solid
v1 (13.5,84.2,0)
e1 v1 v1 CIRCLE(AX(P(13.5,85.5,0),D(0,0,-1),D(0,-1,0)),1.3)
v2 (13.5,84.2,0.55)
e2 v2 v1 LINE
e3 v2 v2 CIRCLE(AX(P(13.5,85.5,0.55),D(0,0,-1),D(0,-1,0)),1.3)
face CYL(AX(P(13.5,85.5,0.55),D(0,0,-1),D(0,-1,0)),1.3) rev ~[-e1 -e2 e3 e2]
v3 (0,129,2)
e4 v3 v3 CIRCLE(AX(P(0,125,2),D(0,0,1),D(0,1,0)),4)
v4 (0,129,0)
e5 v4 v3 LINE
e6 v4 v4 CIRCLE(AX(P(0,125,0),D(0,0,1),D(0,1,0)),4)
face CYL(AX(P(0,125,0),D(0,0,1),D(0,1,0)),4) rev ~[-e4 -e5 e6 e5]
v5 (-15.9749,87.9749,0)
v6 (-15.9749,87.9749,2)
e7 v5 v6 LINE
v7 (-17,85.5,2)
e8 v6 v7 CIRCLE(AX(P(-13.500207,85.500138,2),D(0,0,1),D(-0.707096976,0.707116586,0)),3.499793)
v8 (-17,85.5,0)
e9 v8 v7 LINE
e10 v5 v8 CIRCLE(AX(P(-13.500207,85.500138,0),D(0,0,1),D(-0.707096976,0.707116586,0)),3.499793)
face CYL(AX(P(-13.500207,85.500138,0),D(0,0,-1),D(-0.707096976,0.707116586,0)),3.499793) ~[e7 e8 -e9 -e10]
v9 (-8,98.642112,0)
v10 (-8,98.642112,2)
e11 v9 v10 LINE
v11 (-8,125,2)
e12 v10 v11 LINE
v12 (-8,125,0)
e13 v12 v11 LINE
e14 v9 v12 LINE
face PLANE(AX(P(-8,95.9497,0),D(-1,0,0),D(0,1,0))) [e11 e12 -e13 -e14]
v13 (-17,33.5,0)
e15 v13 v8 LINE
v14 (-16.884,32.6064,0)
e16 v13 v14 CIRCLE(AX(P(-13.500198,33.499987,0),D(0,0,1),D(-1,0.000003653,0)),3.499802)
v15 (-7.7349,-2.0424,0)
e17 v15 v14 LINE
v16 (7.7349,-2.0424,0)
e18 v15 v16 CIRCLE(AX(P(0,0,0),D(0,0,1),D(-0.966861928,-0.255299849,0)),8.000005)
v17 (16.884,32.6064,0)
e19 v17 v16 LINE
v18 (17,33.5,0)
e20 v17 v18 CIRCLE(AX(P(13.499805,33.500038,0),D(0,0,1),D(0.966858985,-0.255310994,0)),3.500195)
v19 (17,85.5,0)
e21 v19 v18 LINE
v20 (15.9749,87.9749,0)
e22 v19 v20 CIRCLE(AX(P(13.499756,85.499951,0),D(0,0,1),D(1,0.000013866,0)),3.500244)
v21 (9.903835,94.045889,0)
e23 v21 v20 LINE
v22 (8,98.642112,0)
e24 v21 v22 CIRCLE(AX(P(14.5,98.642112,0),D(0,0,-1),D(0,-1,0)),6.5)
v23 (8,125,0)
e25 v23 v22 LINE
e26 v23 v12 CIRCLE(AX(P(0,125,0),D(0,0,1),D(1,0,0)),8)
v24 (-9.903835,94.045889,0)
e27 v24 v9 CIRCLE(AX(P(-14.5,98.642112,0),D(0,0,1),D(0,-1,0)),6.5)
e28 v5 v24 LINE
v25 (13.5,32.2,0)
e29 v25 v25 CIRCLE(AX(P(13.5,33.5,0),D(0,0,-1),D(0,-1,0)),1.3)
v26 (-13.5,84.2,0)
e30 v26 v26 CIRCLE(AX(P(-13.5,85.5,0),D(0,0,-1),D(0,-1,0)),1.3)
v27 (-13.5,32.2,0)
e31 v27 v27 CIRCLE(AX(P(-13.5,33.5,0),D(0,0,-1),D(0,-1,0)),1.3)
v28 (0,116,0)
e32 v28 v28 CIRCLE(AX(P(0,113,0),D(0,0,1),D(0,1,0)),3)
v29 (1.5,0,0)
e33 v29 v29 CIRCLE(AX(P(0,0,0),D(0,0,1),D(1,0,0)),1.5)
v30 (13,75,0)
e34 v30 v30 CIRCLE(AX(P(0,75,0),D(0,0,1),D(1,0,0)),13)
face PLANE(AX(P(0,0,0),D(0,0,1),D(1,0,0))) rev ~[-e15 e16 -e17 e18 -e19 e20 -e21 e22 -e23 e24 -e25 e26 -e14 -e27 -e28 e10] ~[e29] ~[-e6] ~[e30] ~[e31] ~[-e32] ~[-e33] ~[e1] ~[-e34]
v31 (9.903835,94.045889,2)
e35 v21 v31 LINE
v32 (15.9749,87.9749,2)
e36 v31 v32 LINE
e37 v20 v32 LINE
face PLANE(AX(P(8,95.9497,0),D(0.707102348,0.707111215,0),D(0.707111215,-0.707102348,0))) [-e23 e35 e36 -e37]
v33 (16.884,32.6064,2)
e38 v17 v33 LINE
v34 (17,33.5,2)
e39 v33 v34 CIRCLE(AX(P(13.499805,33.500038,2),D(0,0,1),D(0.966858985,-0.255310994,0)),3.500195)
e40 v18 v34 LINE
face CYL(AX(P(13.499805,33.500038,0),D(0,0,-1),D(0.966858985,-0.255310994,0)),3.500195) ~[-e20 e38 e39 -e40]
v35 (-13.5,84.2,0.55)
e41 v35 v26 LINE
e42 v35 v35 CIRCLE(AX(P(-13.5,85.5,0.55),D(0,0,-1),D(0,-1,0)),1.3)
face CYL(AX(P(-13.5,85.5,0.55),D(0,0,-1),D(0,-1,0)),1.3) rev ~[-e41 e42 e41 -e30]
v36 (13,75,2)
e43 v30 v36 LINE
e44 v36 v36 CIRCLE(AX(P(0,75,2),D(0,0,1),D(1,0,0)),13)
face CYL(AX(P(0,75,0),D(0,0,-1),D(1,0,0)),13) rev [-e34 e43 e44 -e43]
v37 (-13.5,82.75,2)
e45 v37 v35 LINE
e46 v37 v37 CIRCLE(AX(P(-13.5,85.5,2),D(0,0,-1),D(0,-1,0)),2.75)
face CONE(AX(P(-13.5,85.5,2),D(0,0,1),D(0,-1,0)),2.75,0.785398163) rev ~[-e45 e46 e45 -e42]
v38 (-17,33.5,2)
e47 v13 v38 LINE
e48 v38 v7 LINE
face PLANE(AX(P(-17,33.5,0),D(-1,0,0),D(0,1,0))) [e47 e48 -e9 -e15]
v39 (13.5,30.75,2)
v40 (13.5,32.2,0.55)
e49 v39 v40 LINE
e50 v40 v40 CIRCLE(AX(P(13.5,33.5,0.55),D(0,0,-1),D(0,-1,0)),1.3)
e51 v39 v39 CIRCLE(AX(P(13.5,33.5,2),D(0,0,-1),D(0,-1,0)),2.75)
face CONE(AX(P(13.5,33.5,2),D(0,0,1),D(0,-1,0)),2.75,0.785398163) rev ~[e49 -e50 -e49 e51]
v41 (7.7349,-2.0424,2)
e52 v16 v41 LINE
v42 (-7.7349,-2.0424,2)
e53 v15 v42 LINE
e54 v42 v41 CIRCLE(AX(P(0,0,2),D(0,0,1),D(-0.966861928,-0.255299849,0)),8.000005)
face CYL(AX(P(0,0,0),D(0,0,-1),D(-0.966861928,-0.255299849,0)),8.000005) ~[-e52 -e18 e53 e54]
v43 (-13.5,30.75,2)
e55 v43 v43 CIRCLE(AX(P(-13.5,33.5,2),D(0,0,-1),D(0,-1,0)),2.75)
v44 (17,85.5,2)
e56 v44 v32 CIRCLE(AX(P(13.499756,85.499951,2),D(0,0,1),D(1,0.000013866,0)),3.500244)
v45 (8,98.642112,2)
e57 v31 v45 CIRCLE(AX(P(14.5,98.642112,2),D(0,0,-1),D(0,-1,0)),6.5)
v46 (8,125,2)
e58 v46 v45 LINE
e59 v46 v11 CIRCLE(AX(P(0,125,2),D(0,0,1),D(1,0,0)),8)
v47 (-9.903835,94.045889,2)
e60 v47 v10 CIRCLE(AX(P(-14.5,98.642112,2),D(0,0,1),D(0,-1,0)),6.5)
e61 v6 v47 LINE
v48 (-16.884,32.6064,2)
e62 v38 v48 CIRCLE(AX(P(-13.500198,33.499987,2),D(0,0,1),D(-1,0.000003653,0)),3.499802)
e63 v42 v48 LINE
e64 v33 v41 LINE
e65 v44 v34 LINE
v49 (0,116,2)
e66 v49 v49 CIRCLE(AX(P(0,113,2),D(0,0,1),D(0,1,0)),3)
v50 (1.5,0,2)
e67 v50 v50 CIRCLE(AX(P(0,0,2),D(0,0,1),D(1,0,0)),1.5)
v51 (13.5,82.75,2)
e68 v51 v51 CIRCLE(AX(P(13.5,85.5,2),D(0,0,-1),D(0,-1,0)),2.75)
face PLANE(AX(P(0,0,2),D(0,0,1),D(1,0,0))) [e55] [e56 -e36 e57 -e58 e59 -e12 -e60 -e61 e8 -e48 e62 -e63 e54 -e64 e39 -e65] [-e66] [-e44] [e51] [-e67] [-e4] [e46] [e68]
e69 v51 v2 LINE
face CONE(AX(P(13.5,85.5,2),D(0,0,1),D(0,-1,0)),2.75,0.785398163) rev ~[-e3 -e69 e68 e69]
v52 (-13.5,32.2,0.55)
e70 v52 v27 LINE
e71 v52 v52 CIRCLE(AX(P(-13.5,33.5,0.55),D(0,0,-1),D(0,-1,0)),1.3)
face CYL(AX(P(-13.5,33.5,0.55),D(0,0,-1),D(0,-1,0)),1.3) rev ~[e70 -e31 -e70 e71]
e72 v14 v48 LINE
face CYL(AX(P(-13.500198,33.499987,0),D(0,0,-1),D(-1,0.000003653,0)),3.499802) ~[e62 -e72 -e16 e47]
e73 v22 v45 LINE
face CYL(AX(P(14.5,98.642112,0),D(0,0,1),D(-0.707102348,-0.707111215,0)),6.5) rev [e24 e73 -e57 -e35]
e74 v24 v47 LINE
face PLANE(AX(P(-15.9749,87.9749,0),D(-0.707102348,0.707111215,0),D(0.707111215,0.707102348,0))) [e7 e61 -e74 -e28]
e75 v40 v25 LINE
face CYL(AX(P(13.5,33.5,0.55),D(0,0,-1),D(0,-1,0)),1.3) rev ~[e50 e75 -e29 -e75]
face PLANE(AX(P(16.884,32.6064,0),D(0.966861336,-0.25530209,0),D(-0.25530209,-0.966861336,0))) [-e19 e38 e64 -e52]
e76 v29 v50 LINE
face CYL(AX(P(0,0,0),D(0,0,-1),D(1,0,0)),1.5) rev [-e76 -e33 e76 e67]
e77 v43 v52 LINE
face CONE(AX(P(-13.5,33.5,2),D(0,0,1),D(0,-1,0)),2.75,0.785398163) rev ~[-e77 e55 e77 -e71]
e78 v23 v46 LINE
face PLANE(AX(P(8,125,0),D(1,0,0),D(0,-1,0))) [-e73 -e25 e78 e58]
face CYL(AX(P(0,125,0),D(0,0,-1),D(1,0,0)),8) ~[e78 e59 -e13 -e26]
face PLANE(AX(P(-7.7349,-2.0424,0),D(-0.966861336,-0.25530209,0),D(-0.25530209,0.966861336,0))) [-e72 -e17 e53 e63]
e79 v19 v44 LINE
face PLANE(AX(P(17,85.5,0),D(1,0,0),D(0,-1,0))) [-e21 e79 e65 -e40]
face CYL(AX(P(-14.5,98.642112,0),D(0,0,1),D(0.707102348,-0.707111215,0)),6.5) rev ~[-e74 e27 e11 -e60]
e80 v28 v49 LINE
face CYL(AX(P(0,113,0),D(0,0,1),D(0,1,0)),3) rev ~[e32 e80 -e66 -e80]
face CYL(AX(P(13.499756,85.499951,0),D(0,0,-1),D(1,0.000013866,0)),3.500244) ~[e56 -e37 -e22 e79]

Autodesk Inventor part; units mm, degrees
ref_plane "YZ Plane" through (0, 0, 0) normal (1, 0, 0) x (0, 1, 0)
ref_plane "XZ Plane" through (0, 0, 0) normal (0, 1, 0) x (-1, 0, 0)
ref_plane "XY Plane" through (0, 0, 0) normal (0, 0, 1) x (1, 0, 0)
sketch "スケッチ1" plane through (0, 0, 0) normal (0, 0, 1) x (1, 0, 0)
  circle A0 centre (0, 0) radius 1.5
  circle A1 centre (13.5, 33.5) radius 1.25 construction
  circle A2 centre (13.5, 85.5) radius 1.25 construction
  circle A3 centre (-13.5, 85.5) radius 1.25 construction
  circle A4 centre (-13.5, 33.5) radius 1.25 construction
  circle A5 centre (0, 75) radius 1.5 construction
  circle A6 centre (0, 75) radius 13
  line L0 (16.884, 32.6064) -> (7.7349, -2.0424)
  line L1 (-7.7349, -2.0424) -> (-16.884, 32.6064)
  line L2 (-17, 33.5) -> (-17, 85.5)
  line L3 (-15.9749, 87.9749) -> (-8, 95.9497)
  line L4 (-8, 95.9497) -> (-8, 125)
  line L5 (8, 125) -> (8, 95.9497)
  line L6 (8, 95.9497) -> (15.9749, 87.9749)
  line L7 (17, 85.5) -> (17, 33.5)
  arc A7 (16.884, 32.6064) -> (17, 33.5) centre (13.5, 33.5) ccw
  arc A8 (17, 85.5) -> (15.9749, 87.9749) centre (13.5, 85.5) ccw
  arc A9 (-15.9749, 87.9749) -> (-17, 85.5) centre (-13.5, 85.5) ccw
  arc A10 (-17, 33.5) -> (-16.884, 32.6064) centre (-13.5, 33.5) ccw
  arc A11 (-7.7349, -2.0424) -> (7.7349, -2.0424) centre (0, 0) ccw
  line L8 (0, 0) -> (0, 152.1421) construction
  arc A12 (8, 125) -> (-8, 125) centre (0, 125) ccw
  point P0 (0, 113)
  dimension "d2" = 3
  dimension "d3" = 26
  dimension "d4" = 3.5
  dimension "d5" = 8
  dimension "d6" = 125
  dimension "d7" = 16
  dimension "d8" = 45
  dimension "d9" = 45
  dimension "d10" = 38
extrude "押し出し1" add sketch "スケッチ1" along normal blind 2
hole "穴2" at (0, 125, 0) direction (0, 0, 1) diameter 8 end through all
hole "穴3" at (0, 113, 0) direction (0, 0, 1) diameter 6 end through all
fillet "フィレット1" radius 6.5 2 edges at (-8, 95.9497, 1) (8, 95.9497, 1)
sketch "スケッチ2" plane through (0, 0, 2) normal (0, 0, 1) x (1, 0, 0)
  arc A0 (17, 85.5) -> (15.9749, 87.9749) centre (13.5, 85.5) ccw construction
  arc A1 (-15.9749, 87.9749) -> (-17, 85.5) centre (-13.5, 85.5) ccw construction
  arc A2 (-17, 33.5) -> (-16.884, 32.6064) centre (-13.5, 33.5) ccw construction
  arc A3 (16.884, 32.6064) -> (17, 33.5) centre (13.5, 33.5) ccw construction
  point P0 (0, 0)
hole "穴4" at (13.5, 85.5, 2) at (-13.5, 85.5, 2) at (-13.5, 33.5, 2) at (13.5, 33.5, 2) direction (0, 0, -1) diameter 2.6 end through all countersink diameter 5.5 countersink angle 90 clearance for "Countersunk Flat Head Screw ISO 2009/7046" size "M2.5" standard "ISO"
properties part number "UPPER_LEG_BASE"
